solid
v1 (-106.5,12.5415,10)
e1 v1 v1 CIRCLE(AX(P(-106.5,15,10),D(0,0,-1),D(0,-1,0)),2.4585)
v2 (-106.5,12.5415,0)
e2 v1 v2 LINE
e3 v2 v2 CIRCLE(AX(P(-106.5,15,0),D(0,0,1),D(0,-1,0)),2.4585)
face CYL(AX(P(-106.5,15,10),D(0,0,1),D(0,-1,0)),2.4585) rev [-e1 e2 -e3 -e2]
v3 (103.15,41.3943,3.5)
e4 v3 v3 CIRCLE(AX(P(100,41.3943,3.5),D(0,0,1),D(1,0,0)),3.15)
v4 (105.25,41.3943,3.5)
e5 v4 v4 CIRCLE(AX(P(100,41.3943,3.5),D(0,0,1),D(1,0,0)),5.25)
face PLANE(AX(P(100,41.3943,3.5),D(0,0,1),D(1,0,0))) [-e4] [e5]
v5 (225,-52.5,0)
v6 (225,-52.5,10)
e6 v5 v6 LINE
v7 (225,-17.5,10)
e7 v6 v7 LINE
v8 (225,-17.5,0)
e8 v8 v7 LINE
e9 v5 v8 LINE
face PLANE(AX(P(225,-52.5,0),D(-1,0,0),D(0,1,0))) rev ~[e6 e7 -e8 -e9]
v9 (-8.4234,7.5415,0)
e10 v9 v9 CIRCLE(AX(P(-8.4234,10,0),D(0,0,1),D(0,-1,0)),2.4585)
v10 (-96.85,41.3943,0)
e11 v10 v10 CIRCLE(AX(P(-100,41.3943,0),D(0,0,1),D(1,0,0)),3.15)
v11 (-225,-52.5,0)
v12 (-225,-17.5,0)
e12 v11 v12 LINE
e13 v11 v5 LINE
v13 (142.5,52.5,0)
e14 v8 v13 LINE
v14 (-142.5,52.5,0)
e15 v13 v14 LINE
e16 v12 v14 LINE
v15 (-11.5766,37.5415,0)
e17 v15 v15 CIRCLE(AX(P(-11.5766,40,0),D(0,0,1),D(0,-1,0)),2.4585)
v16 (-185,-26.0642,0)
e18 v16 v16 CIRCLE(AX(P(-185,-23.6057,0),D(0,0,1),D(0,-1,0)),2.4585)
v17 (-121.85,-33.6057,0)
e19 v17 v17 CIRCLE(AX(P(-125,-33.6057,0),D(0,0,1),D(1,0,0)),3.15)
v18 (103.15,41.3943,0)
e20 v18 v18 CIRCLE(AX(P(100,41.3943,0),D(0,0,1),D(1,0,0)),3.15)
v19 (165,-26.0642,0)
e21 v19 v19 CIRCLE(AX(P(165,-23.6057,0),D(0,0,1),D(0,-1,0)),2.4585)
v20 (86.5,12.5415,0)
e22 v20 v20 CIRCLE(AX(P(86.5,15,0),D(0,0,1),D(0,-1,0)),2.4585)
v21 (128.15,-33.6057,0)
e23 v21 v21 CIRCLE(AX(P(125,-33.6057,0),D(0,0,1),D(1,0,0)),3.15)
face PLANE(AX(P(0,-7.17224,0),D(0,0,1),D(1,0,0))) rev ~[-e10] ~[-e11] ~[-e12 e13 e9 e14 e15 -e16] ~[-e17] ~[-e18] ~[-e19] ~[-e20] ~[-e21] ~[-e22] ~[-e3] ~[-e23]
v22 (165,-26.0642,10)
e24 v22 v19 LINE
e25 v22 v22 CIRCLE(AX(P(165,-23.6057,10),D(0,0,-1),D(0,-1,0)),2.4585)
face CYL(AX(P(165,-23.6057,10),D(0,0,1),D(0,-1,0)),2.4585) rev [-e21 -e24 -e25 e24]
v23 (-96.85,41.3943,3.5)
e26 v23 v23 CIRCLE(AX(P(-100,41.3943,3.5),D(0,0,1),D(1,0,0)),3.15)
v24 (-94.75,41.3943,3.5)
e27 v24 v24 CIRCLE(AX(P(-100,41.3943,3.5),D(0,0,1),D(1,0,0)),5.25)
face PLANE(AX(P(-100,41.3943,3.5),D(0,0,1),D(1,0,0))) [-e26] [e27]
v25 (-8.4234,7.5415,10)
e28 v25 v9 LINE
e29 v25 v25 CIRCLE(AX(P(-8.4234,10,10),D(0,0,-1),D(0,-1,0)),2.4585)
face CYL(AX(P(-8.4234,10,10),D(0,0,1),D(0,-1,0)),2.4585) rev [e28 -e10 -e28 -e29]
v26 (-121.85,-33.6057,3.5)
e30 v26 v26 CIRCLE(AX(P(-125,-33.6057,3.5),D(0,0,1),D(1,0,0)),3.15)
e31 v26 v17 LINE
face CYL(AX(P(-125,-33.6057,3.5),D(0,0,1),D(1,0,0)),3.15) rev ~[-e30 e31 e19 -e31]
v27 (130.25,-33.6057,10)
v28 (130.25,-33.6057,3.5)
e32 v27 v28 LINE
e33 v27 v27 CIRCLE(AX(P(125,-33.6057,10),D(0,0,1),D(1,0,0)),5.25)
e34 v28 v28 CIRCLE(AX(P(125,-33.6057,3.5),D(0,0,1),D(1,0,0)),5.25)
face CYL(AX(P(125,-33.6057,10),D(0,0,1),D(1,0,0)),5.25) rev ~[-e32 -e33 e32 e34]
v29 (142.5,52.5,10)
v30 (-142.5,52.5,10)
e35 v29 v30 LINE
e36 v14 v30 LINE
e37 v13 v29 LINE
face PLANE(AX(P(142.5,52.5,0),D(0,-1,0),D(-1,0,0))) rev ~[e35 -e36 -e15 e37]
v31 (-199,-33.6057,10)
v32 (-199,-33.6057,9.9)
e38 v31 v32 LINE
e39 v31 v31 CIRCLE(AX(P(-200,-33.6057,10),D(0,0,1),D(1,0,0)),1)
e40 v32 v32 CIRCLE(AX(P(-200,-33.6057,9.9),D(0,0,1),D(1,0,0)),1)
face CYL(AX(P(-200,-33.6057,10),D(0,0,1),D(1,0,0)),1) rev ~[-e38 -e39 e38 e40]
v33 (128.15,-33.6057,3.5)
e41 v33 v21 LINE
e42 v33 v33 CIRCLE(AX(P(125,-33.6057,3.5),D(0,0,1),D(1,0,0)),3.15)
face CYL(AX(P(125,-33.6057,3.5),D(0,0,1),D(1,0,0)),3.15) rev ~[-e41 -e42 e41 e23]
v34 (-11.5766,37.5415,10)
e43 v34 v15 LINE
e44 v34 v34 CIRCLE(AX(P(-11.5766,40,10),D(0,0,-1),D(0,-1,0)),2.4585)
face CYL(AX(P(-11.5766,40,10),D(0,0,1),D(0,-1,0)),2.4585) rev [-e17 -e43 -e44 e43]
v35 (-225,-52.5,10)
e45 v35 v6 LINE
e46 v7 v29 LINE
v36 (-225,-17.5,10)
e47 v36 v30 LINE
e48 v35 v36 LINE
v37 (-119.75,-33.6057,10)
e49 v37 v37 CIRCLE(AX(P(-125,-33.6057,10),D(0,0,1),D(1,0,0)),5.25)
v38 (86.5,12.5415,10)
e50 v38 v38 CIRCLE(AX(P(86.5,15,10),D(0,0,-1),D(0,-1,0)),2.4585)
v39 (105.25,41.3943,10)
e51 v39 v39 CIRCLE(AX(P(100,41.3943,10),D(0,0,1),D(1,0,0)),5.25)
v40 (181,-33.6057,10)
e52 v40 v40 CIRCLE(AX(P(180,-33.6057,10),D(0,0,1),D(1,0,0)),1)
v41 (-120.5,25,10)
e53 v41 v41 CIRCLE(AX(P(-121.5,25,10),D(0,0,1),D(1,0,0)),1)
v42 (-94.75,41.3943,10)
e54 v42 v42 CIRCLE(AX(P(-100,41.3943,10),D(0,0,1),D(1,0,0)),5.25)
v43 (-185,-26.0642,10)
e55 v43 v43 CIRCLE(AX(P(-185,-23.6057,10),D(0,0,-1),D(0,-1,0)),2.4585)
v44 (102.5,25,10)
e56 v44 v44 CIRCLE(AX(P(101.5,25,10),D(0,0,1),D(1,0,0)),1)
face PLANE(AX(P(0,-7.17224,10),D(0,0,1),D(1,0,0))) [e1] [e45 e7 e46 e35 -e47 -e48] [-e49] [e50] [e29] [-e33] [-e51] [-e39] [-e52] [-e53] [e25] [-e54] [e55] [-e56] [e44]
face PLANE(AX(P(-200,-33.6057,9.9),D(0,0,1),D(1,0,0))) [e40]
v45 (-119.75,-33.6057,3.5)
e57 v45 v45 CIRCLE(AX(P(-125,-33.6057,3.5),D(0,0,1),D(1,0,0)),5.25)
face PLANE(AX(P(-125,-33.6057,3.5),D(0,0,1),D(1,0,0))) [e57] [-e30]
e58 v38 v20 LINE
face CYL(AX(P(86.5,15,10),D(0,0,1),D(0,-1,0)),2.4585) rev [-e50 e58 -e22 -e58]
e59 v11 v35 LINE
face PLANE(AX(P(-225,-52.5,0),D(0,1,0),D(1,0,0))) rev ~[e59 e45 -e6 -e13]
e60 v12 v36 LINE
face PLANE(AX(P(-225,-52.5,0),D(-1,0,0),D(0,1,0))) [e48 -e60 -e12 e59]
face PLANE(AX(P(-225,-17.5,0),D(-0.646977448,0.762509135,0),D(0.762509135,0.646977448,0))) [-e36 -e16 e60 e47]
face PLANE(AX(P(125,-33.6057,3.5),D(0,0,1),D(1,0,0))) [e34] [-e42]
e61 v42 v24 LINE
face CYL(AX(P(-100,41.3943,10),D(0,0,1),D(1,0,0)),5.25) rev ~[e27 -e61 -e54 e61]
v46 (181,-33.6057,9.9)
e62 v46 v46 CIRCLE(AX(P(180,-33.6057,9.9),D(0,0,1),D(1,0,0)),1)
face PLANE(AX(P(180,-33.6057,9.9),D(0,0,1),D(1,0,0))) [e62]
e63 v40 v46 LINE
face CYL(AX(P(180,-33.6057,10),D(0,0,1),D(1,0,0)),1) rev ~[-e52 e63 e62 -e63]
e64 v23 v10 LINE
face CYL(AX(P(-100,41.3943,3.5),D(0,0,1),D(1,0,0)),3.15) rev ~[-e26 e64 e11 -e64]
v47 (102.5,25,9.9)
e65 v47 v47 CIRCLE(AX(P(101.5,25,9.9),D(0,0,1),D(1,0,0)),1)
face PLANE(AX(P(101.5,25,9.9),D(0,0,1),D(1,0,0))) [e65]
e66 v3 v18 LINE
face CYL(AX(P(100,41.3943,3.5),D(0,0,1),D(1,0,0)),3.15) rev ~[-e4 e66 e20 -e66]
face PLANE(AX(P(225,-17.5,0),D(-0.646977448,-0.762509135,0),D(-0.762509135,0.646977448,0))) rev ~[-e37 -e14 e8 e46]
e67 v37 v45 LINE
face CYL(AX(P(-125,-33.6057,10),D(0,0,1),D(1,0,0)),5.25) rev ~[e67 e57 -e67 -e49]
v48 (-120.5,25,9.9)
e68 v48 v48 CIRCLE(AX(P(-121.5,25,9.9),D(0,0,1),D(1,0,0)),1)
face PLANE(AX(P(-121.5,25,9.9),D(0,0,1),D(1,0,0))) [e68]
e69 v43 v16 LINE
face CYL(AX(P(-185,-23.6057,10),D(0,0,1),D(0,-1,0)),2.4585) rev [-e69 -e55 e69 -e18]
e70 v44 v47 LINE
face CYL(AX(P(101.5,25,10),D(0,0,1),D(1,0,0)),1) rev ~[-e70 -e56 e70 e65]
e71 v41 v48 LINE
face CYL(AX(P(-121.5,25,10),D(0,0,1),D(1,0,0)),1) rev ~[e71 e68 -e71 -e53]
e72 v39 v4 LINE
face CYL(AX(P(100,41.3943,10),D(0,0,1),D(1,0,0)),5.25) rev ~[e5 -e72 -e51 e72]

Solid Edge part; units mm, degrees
sketch "Sketch1" plane through (0, 0, 0) normal (0, 0, 1) x (1, 0, 0)
  line L0 (-225, -52.5) -> (225, -52.5)
  line L1 (225, -52.5) -> (225, -17.5)
  line L2 (225, -17.5) -> (142.5, 52.5)
  line L3 (142.5, 52.5) -> (-142.5, 52.5)
  line L4 (-225, -17.5) -> (-142.5, 52.5)
  line L5 (-225, -52.5) -> (-225, -17.5)
  dimension "D1" = 285
  dimension "D2" = 450
  dimension "D3" = 105
  dimension "D4" = 52.5
  dimension "D5" = 35
  dimension "D6" = 35
extrude "Protrusion1" add sketch "Sketch1" along normal blind 10
hole "Hole1" at (-8.4234, 10, 10) direction (0, 0, -1) diameter 4.917 end up to next
hole "Hole2" at (-11.5766, 40, 10) direction (0, 0, -1) diameter 4.917 end up to next
hole "Hole3" at (-185, -23.6057, 10) direction (0, 0, -1) diameter 4.917 end up to next
hole "Hole4" at (-106.5, 15, 10) direction (0, 0, -1) diameter 4.917 end up to next
hole "Hole5" at (86.5, 15, 10) direction (0, 0, -1) diameter 4.917 end up to next
hole "Hole6" at (165, -23.6057, 10) direction (0, 0, -1) diameter 4.917 end up to next
sketch "Sketch2" plane through (0, 0, 10) normal (0, 0, 1) x (1, 0, 0)
  circle A0 centre (-200, -33.6057) radius 1
  circle A1 centre (-121.5, 25) radius 1
  circle A2 centre (101.5, 25) radius 1
  circle A3 centre (180, -33.6057) radius 1
extrude "Mirrormarks" cut sketch "Sketch2" against normal blind 0.1
sketch "Sketch3" plane through (0, 0, 10) normal (0, 0, 1) x (1, 0, 0)
  circle A0 centre (125, -33.6057) radius 5.25
  circle A1 centre (100, 41.3943) radius 5.25
  circle A2 centre (-100, 41.3943) radius 5.25
  circle A3 centre (-125, -33.6057) radius 5.25
  dimension "D1" = 250
  dimension "D2" = 125
  dimension "D3" = 75
  dimension "D4" = 200
  dimension "D5" = 25
extrude "Mounting_screws" cut sketch "Sketch3" against normal blind 6.5
sketch "Sketch4" plane through (-125, 41.3943, 3.5) normal (0, 0, 1) x (1, 0, 0)
  circle A0 centre (25, 0) radius 3.15
  circle A1 centre (225, 0) radius 3.15
  circle A2 centre (250, -75) radius 3.15
  circle A3 centre (0, -75) radius 3.15
extrude "Cutout1" cut sketch "Sketch4" against normal up to next
